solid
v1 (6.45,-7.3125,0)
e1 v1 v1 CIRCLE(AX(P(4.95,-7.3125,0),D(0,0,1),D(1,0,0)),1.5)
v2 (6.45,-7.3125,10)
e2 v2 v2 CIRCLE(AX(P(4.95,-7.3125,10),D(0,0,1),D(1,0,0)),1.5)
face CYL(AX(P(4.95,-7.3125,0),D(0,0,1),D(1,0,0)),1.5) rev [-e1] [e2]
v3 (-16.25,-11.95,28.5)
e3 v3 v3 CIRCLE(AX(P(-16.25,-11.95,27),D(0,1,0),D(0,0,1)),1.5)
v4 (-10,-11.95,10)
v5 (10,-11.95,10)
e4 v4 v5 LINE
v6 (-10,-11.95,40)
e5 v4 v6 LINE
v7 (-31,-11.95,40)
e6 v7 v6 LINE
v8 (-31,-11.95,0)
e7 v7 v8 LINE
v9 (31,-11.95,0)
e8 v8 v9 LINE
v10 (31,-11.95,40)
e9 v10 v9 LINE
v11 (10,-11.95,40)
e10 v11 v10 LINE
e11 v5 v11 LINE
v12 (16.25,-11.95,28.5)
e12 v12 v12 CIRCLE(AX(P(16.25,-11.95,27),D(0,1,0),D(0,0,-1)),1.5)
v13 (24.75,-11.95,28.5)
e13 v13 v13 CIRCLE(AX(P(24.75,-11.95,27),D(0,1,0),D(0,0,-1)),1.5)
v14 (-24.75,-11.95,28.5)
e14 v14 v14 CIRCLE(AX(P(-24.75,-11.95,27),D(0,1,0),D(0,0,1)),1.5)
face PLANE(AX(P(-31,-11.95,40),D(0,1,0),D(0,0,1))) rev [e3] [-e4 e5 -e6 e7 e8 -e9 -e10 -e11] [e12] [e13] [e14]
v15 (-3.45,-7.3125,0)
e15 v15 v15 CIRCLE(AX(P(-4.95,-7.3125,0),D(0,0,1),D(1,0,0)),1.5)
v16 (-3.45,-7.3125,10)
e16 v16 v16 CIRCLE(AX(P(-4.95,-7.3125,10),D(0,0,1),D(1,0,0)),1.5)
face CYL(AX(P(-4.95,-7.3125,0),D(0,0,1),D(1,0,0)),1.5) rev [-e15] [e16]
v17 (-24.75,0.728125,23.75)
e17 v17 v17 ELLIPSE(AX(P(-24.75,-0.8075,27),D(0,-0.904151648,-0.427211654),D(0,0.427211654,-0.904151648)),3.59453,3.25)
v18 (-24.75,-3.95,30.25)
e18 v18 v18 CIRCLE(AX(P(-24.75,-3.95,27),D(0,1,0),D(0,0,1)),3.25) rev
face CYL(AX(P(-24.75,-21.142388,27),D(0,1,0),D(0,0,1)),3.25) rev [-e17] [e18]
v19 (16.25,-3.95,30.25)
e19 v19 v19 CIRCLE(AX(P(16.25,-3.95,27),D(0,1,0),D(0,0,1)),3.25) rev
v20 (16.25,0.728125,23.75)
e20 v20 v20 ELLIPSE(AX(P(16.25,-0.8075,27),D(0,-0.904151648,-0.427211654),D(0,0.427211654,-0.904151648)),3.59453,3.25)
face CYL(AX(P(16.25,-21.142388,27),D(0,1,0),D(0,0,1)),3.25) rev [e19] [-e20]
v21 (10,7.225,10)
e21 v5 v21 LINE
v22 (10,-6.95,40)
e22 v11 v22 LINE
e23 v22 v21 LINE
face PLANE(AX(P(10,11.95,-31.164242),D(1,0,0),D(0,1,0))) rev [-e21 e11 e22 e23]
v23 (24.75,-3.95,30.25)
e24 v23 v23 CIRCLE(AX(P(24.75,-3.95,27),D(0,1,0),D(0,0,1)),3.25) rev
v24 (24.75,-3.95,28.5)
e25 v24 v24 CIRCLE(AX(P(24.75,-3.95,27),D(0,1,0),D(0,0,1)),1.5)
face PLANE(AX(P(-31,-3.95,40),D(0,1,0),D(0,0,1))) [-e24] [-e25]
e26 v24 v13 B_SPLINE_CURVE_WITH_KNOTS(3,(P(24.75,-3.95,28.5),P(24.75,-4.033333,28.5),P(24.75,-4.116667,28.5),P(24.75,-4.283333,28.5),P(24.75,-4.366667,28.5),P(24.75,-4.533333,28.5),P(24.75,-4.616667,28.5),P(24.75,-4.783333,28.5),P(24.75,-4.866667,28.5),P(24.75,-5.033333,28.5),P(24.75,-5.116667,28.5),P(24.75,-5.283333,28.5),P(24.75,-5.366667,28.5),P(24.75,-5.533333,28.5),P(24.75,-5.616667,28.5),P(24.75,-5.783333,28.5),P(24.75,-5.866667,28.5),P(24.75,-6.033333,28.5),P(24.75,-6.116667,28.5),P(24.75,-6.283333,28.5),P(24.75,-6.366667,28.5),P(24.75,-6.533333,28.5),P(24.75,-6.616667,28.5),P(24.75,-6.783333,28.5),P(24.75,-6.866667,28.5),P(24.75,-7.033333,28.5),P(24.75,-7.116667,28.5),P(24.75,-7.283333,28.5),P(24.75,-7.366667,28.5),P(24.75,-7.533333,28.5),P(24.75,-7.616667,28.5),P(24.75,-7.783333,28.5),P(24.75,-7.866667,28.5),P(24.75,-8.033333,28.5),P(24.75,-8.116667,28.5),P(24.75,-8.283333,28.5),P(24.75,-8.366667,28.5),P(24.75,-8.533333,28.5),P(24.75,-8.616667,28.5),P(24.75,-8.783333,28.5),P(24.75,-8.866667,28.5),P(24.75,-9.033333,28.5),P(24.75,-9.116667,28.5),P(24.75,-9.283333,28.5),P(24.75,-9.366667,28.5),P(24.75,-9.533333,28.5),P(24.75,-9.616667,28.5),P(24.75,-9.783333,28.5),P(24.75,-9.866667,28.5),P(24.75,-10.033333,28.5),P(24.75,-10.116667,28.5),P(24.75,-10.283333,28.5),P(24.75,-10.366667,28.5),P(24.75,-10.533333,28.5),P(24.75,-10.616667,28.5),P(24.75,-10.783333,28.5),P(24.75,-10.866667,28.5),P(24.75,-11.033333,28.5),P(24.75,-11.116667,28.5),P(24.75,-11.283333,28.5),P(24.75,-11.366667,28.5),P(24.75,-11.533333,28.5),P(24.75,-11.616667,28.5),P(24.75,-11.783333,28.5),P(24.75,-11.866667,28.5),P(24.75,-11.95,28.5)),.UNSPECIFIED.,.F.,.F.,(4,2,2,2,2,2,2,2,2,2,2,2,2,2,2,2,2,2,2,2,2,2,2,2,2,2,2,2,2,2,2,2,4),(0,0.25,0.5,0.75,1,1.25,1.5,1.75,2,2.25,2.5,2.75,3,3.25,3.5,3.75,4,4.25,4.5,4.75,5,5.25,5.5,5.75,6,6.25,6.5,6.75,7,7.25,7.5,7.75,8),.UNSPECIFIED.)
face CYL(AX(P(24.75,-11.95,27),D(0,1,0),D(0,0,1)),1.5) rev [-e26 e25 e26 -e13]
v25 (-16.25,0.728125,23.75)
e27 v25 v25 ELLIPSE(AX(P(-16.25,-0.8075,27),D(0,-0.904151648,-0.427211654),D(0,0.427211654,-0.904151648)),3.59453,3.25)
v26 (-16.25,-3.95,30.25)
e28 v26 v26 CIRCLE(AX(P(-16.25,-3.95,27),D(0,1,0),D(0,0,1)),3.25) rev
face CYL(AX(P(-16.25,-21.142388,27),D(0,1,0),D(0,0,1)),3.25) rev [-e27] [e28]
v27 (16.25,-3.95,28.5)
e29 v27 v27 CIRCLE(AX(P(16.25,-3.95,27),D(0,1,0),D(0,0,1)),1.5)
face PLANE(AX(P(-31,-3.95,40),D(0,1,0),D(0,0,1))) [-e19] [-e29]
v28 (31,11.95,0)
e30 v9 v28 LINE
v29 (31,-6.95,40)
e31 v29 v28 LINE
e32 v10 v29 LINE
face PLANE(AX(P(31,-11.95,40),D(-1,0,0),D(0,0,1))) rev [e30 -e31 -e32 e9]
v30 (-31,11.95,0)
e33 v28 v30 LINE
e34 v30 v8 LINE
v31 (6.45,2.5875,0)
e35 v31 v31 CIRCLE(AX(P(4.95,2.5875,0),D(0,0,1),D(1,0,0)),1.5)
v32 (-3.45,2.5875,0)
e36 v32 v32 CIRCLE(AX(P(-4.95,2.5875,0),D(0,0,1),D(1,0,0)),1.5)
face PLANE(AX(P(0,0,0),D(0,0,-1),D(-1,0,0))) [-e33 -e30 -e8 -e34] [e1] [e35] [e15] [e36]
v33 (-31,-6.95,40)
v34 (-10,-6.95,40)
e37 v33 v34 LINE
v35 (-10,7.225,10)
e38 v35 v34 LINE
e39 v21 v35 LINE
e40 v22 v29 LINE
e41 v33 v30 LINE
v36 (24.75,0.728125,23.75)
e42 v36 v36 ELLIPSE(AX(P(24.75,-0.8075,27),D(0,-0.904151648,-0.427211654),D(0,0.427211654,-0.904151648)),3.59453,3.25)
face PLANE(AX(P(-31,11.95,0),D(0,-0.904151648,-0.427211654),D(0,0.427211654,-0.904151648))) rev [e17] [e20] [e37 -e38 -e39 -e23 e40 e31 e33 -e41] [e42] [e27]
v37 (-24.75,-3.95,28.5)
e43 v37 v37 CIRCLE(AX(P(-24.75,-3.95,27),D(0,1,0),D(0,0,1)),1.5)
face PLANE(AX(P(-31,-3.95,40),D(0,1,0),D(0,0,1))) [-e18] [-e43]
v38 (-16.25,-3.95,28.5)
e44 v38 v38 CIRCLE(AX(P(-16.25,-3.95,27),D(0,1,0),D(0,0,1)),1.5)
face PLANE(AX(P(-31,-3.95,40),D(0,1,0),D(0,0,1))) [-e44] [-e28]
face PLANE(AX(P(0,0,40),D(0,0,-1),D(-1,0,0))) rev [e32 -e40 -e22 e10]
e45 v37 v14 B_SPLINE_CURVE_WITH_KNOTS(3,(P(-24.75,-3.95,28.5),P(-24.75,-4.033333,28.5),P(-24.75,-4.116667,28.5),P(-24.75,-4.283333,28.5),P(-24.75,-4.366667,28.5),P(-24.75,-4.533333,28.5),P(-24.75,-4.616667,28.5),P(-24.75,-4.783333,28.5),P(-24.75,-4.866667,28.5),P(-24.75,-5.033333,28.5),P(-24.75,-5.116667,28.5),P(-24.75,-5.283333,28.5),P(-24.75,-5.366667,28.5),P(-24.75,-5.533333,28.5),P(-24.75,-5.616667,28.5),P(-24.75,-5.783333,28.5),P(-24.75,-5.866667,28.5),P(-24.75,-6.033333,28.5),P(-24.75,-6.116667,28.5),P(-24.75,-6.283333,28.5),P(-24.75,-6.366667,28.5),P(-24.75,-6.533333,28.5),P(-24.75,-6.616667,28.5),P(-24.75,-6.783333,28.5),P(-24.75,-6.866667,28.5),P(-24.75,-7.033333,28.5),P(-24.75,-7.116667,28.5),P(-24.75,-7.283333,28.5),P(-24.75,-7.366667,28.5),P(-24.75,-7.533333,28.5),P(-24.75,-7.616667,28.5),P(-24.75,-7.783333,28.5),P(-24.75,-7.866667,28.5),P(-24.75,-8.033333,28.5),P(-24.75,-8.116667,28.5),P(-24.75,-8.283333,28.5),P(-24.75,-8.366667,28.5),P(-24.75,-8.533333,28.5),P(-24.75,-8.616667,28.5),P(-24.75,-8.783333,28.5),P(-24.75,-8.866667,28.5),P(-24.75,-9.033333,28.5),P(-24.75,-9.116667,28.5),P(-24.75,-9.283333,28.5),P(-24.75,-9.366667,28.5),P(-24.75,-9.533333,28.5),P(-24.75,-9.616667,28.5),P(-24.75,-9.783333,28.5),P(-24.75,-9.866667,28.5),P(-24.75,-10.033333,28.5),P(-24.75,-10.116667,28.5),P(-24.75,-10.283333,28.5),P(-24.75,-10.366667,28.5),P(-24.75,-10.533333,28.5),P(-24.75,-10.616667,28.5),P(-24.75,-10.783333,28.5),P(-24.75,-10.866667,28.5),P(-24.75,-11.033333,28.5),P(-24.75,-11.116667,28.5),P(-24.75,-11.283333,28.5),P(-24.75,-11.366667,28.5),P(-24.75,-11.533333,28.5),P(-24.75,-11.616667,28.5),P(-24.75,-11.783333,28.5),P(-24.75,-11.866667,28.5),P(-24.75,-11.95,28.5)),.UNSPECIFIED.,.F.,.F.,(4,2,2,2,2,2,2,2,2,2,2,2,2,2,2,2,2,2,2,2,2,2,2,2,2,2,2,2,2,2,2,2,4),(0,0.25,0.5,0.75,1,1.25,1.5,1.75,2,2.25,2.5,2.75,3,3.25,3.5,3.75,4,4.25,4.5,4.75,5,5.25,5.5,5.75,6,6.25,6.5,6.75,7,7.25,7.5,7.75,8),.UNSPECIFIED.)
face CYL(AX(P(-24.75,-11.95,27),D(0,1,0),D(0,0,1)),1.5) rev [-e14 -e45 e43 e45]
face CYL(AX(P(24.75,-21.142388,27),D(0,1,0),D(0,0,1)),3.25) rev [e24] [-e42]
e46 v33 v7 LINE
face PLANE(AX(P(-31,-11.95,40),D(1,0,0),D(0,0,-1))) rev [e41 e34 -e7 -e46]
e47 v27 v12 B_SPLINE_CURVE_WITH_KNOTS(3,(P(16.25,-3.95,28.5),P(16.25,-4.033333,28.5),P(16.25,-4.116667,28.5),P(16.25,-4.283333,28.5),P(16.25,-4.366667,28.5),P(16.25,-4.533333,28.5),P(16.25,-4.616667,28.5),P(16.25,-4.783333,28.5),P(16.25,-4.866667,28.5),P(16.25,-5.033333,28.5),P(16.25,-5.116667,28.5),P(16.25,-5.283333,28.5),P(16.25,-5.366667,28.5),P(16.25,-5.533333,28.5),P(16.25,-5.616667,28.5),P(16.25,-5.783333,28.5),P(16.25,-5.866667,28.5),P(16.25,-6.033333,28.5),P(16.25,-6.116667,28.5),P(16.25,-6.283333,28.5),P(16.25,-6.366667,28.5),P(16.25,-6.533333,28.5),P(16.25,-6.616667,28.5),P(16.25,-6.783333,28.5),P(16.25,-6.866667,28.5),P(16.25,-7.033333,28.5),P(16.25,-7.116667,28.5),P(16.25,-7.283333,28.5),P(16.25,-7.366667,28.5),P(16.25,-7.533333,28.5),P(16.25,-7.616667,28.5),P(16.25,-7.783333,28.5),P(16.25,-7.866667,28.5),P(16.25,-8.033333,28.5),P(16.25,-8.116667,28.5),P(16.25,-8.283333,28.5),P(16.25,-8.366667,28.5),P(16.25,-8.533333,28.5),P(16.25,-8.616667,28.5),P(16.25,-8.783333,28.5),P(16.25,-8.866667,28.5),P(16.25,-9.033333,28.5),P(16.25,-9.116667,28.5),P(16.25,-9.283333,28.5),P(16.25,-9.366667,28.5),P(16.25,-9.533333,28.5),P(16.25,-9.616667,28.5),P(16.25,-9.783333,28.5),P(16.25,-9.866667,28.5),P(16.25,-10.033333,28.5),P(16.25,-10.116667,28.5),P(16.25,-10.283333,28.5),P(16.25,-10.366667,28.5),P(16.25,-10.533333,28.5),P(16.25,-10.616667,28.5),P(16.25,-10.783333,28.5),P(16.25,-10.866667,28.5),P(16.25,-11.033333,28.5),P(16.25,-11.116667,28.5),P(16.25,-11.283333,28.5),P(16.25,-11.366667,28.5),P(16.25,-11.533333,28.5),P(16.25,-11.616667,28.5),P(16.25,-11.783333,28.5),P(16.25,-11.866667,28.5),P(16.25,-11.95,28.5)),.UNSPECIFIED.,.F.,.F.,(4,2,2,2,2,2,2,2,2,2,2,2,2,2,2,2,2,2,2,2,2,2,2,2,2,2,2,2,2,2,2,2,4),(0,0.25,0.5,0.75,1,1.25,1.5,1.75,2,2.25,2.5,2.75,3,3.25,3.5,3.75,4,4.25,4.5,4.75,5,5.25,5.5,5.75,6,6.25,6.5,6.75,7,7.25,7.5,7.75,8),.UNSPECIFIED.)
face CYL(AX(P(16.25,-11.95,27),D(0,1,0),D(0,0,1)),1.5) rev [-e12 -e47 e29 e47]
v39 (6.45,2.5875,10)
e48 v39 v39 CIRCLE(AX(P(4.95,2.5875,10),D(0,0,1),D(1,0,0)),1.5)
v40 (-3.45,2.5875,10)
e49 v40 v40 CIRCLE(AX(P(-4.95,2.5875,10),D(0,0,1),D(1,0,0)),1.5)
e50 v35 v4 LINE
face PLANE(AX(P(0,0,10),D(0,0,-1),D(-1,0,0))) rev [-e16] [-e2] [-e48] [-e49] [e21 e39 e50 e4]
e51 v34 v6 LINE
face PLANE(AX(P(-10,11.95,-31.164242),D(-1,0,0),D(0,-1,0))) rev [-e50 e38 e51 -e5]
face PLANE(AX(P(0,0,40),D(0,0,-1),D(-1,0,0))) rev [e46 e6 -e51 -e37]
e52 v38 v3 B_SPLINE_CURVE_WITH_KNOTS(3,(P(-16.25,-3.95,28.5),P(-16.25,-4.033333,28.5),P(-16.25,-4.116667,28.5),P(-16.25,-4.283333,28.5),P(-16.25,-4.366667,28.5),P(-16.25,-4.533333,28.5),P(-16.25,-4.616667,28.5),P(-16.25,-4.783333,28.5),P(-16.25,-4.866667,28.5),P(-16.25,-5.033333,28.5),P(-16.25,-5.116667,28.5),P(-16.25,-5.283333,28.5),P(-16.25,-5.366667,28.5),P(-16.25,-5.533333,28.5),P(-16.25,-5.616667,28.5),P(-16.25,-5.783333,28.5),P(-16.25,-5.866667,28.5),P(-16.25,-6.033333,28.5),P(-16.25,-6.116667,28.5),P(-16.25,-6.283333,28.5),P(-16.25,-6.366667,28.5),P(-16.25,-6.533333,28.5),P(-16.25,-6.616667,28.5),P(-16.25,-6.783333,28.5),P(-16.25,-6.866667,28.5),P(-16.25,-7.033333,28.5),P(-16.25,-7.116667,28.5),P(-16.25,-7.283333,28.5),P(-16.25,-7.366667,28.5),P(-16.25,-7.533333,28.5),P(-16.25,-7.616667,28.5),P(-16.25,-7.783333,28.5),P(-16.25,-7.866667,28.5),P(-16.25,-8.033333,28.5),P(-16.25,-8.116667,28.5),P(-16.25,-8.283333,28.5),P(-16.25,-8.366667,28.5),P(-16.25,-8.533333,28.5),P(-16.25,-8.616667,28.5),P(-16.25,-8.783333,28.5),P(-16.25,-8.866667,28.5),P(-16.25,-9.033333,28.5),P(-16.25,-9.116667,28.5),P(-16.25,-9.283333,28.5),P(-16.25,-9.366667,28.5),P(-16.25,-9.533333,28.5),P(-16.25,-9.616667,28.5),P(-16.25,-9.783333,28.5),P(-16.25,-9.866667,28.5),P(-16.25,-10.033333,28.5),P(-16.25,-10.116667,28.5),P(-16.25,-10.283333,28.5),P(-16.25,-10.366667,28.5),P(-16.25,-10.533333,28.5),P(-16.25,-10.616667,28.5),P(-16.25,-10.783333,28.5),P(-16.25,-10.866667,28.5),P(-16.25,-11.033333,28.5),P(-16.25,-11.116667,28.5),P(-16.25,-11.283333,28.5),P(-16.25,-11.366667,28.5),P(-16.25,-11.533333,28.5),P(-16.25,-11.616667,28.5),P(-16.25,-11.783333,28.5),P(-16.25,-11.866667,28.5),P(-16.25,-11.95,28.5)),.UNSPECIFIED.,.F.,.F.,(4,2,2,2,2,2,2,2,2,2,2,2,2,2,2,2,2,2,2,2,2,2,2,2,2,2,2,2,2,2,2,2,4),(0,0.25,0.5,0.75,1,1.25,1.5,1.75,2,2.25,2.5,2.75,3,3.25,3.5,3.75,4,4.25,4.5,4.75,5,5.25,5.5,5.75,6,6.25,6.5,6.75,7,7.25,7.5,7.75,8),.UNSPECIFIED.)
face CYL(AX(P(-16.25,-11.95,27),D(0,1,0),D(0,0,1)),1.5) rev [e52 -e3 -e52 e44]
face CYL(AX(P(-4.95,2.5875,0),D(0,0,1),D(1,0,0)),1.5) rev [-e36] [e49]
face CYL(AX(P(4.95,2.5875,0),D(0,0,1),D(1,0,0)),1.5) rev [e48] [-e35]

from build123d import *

# Parameters (mm, degrees)
SKETCH1_W      = 62
SKETCH1_H      = 23.9
EXTRUDE1_DEPTH = 40
SKETCH2_W      = 20
SKETCH2_H      = 23.9
EXTRUDE2_DEPTH = 30
EXTRUDE3_DEPTH = 75.744916215
SKETCH4_R      = 1.5
EXTRUDE4_DEPTH = 45.763852605
SKETCH5_R      = 3.25
EXTRUDE5_DEPTH = 15.9
SKETCH6_R      = 1.5
EXTRUDE6_DEPTH = 56.966150484


with BuildPart() as part:
    # Sketch1 → Extrude1 (new body)
    with BuildSketch(Plane.XY):
        Rectangle(SKETCH1_W, SKETCH1_H)
    extrude(amount=EXTRUDE1_DEPTH)

    # Sketch2 → Extrude2 (cut)
    with BuildSketch(Plane.XY.offset(40)):
        Rectangle(SKETCH2_W, SKETCH2_H)
    extrude(amount=-EXTRUDE2_DEPTH, mode=Mode.SUBTRACT)

    # Sketch3 → Extrude3 (cut, through all)
    with BuildSketch(Plane(origin=(31, 0, 0), x_dir=(0, 0, -1), z_dir=(1, 0, 0))):
        Polygon((-40, -6.95), (-40, 11.95), (0, 11.95), align=None)
    extrude(amount=-EXTRUDE3_DEPTH, mode=Mode.SUBTRACT)

    # Sketch4 → Extrude4 (cut, through all)
    with BuildSketch(Plane.XY.offset(10)):
        with Locations((-4.95, 2.5875)):
            Circle(SKETCH4_R)
        with Locations((4.95, 2.5875)):
            Circle(SKETCH4_R)
        with Locations((4.95, -7.3125)):
            Circle(SKETCH4_R)
        with Locations((-4.95, -7.3125)):
            Circle(SKETCH4_R)
    extrude(amount=-EXTRUDE4_DEPTH, mode=Mode.SUBTRACT)

    # Sketch5 → Extrude5 (cut)
    with BuildSketch(Plane(origin=(0, 11.95, 0), x_dir=(1, 0, 0), z_dir=(0, 1, 0))):
        with Locations(Location((-16.25, -27, 0), (0, 0, 270))):
            Circle(SKETCH5_R)
        with Locations(Location((-24.75, -27, 0), (0, 0, 270))):
            Circle(SKETCH5_R)
        with Locations(Location((24.75, -27, 0), (0, 0, 270))):
            Circle(SKETCH5_R)
        with Locations(Location((16.25, -27, 0), (0, 0, 270))):
            Circle(SKETCH5_R)
    extrude(amount=-EXTRUDE5_DEPTH, mode=Mode.SUBTRACT)

    # Sketch6 → Extrude6 (cut, through all)
    with BuildSketch(Plane(origin=(0, 11.95, 0), x_dir=(1, 0, 0), z_dir=(0, 1, 0))):
        with Locations(Location((-24.75, -27, 0), (0, 0, 270))):
            Circle(SKETCH6_R)
        with Locations(Location((-16.25, -27, 0), (0, 0, 270))):
            Circle(SKETCH6_R)
        with Locations(Location((16.25, -27, 0), (0, 0, 270))):
            Circle(SKETCH6_R)
        with Locations(Location((24.75, -27, 0), (0, 0, 270))):
            Circle(SKETCH6_R)
    extrude(amount=-EXTRUDE6_DEPTH, mode=Mode.SUBTRACT)


solid = part.part
